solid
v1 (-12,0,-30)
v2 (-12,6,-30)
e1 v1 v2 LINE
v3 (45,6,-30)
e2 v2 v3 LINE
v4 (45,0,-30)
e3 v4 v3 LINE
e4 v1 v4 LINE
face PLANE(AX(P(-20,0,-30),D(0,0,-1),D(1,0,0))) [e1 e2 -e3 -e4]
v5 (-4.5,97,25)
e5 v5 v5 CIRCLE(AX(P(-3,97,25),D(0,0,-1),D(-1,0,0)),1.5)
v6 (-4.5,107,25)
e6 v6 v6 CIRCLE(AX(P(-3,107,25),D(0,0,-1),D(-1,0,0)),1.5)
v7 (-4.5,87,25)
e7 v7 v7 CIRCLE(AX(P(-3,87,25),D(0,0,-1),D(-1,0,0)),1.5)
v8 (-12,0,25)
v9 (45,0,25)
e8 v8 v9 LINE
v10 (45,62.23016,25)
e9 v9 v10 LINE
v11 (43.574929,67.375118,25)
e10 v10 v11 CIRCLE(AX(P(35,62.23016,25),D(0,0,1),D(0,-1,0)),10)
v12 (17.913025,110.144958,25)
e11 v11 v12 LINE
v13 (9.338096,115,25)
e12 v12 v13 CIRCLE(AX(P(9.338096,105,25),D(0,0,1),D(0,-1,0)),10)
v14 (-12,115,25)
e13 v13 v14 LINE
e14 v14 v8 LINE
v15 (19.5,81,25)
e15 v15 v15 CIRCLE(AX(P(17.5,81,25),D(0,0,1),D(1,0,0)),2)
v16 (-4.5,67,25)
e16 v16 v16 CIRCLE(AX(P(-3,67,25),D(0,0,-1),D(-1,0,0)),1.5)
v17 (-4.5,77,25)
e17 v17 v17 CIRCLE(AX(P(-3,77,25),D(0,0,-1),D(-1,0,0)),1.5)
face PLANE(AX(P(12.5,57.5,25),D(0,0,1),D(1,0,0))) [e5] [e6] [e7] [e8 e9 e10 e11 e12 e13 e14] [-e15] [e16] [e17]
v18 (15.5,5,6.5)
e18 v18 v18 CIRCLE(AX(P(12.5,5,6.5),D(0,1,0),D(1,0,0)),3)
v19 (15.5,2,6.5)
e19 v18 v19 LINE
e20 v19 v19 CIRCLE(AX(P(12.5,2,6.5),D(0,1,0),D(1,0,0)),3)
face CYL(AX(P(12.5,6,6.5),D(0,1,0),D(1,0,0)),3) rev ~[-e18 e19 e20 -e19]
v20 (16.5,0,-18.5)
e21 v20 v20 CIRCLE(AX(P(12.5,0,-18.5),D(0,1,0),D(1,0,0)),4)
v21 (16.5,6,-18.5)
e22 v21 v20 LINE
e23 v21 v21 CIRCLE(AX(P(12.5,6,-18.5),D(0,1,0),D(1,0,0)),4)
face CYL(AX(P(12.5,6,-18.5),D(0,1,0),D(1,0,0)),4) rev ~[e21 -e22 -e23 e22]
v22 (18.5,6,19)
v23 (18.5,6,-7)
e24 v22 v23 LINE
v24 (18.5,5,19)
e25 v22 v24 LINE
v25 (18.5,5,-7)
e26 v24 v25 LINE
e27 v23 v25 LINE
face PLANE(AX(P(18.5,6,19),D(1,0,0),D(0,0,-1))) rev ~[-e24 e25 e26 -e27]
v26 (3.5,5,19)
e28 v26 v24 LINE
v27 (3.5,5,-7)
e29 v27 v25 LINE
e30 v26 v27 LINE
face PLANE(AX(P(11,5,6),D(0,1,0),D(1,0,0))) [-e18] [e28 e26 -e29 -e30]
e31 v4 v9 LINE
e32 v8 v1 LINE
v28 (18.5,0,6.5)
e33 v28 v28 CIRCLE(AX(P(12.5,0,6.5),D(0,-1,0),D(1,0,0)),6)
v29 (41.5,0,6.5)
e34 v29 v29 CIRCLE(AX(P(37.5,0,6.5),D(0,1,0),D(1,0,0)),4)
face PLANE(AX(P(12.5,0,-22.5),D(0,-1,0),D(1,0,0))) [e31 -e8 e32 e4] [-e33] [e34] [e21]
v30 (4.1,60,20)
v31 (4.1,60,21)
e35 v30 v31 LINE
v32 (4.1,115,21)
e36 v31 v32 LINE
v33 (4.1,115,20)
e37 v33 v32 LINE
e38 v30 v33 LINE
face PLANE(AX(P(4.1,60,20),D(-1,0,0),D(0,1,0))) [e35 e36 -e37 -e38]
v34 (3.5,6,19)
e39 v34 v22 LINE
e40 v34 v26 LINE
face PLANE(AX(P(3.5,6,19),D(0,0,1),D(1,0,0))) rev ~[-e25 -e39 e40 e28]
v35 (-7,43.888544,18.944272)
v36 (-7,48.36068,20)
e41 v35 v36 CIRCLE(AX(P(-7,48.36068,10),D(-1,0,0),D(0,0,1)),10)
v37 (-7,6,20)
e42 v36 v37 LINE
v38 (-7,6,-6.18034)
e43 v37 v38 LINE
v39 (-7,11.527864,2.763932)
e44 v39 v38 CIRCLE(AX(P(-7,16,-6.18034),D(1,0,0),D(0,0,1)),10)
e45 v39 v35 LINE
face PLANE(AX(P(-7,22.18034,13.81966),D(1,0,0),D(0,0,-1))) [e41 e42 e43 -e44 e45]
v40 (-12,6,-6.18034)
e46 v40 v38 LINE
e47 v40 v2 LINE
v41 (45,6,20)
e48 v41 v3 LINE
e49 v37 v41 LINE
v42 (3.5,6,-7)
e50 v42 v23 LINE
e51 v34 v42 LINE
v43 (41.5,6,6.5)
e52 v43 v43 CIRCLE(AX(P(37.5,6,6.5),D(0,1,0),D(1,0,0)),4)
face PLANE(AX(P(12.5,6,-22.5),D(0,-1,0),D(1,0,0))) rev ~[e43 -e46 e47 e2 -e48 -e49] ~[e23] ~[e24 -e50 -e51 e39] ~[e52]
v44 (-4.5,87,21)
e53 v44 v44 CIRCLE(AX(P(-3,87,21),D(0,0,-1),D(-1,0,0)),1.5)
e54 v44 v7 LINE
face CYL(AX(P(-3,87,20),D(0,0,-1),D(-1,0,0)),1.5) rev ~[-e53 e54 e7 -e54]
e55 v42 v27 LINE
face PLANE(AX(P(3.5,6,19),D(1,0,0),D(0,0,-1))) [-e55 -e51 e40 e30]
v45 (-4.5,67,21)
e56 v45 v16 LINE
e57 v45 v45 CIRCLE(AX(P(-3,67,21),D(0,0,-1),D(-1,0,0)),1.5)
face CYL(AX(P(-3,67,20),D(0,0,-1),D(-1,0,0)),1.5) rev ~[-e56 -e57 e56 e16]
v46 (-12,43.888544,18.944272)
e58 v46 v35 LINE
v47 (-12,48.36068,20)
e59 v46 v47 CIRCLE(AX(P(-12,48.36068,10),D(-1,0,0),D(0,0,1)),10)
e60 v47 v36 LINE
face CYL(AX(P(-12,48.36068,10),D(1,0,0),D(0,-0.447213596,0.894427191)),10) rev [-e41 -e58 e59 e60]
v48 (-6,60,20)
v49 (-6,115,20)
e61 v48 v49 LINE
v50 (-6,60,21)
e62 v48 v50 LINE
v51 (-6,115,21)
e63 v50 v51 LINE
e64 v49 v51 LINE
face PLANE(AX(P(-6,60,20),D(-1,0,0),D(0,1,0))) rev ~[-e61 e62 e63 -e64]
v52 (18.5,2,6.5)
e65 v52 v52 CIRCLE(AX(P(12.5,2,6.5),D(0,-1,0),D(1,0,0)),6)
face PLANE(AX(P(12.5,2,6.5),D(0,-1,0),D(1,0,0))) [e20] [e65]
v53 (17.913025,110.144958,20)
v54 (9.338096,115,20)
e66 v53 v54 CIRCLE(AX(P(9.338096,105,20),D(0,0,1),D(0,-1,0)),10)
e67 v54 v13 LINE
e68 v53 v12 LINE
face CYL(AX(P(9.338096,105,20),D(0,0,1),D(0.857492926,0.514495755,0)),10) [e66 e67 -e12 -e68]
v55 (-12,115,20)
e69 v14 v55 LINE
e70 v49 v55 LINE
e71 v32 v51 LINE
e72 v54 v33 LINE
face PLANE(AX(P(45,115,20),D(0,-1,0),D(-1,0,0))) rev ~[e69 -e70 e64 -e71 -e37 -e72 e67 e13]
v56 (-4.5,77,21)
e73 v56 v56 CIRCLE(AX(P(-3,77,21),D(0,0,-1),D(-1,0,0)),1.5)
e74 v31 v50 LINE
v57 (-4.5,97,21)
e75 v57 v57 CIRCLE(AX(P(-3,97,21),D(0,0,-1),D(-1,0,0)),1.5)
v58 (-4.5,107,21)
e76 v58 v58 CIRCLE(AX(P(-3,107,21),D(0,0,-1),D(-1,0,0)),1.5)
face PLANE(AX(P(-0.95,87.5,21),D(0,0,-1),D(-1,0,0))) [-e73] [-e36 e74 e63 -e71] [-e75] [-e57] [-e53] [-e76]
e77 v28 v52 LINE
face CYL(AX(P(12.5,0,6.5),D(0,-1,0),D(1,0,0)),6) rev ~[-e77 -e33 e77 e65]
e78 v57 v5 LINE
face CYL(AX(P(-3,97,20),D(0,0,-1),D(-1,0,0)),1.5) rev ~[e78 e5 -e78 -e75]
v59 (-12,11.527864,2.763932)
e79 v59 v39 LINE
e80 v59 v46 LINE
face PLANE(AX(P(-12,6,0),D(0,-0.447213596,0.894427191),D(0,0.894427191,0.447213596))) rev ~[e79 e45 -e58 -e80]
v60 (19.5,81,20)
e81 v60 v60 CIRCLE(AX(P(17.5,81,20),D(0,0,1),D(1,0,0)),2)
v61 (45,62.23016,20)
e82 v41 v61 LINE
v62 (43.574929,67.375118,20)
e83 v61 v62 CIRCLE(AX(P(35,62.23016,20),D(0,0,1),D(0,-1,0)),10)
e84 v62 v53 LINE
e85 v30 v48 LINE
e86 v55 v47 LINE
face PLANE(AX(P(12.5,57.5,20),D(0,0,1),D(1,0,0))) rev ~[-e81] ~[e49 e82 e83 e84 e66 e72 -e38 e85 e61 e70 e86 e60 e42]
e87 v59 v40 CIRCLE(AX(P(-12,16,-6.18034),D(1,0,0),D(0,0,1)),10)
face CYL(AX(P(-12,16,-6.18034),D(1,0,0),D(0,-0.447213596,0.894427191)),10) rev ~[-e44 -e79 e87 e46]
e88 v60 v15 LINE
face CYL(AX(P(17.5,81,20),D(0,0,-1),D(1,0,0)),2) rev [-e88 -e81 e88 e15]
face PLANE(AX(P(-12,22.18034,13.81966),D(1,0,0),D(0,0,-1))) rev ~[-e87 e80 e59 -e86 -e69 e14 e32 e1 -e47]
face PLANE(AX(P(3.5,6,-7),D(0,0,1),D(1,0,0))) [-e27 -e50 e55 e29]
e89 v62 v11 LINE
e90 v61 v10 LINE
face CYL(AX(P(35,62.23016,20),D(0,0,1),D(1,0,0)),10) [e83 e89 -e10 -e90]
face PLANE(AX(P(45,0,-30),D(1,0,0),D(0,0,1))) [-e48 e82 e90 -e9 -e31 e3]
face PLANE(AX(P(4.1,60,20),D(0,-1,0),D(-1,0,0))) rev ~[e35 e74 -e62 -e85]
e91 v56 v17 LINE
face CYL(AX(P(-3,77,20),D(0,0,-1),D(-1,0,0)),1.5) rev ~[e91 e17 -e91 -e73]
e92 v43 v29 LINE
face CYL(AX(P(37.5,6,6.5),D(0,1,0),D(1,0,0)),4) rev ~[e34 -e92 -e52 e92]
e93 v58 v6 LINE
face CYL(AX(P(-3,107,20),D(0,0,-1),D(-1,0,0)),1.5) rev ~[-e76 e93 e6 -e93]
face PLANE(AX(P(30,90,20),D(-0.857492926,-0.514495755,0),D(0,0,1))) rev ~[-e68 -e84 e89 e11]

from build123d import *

# Parameters (mm, degrees)
SKETCH_1_W                 = 40
SKETCH_1_H                 = 10
SKETCH_1_H_2               = 15
EXTRUDE_1_DEPTH            = 6
SKETCH_3_R                 = 3
SKETCH_3_R_2               = 4
CUT_EXTRUDE_1_DEPTH        = 7
SKETCH_4_W                 = 15
SKETCH_4_H                 = 26
CUT_EXTRUDE_2_DEPTH        = 1
SKETCH_6_R                 = 2
EXTRUDE_2_DEPTH            = 5
SKETCH_7_R                 = 1.5
CUT_EXTRUDE_4_DEPTH        = 6
SKETCH_9_R                 = 6
CUT_EXTRUDE_6_DEPTH        = 2
SKETCH_10_W                = 65
SKETCH_10_H                = 15
EXTRUDE_3_DEPTH            = 6
SKETCH_11_R                = 4
CUT_EXTRUDE_7_DEPTH        = 6
SKETCH_12_W                = 94.112521104
SKETCH_12_H                = 159.87509758
CUT_EXTRUDE_8_DEPTH        = 8
CHAMFER_1_SIZE             = 50
CHAMFER_1_SIZE2            = 30
FILLET_1_R                 = 10
EXTRUDE_4_DEPTH            = 5
FILLET_2_R                 = 10
SKETCH_14_W                = 10.1
SKETCH_14_H                = 55
SKETCH_14_R                = 1.5
CUT_EXTRUDE_9_DEPTH        = 1
PATTERN_LINEAR_1_COUNT     = 3
PATTERN_LINEAR_1_PITCH     = 10
PATTERN_LINEAR_1_COL_COUNT = 3
PATTERN_LINEAR_1_COL_PITCH = 10


with BuildPart() as part:
    # 草图1 → 凸台-拉伸1 (new body)
    with BuildSketch(Plane(origin=(0, 0, 0), x_dir=(1, 0, 0), z_dir=(0, 1, 0))):
        with Locations((20, -5)):
            Rectangle(SKETCH_1_W, SKETCH_1_H)
        with Locations((20, 7.5)):
            Rectangle(SKETCH_1_W, SKETCH_1_H_2)
        with Locations((20, -15)):
            Rectangle(SKETCH_1_W, SKETCH_1_H)
        Polygon((-20, 15), (-20, -20), (0, -20), (0, -10), (0, 0), (0, 15), align=None)
        Polygon((45, -20), (40, -20), (40, -10), (40, 0), (40, 15), (45, 15), align=None)
    extrude(amount=EXTRUDE_1_DEPTH)

    # 草图3 → 切除-拉伸1 (cut, through all)
    with BuildSketch(Plane(origin=(0, 6, 0), x_dir=(1, 0, 0), z_dir=(0, 1, 0))):
        with Locations((12.5, -6.5)):
            Circle(SKETCH_3_R)
        with Locations((37.5, -6.5)):
            Circle(SKETCH_3_R_2)
    extrude(amount=-CUT_EXTRUDE_1_DEPTH, mode=Mode.SUBTRACT)

    # 草图4 → 切除-拉伸2 (cut)
    with BuildSketch(Plane(origin=(0, 6, 0), x_dir=(1, 0, 0), z_dir=(0, 1, 0))):
        with Locations((11, -6)):
            Rectangle(SKETCH_4_W, SKETCH_4_H)
    extrude(amount=-CUT_EXTRUDE_2_DEPTH, mode=Mode.SUBTRACT)

    # 草图6 → 凸台-拉伸2 (add)
    with BuildSketch(Plane.XY.offset(20)):
        Polygon((-20, 0), (12.5, 0), (45, 0), (45, 115), (-20, 115), align=None)
        with Locations((17.5, 81)):
            Circle(SKETCH_6_R, mode=Mode.SUBTRACT)
    extrude(amount=EXTRUDE_2_DEPTH)

    # 草图7 → 切除-拉伸4 (cut, through all)
    with BuildSketch(Plane(origin=(0, 0, 20), x_dir=(-1, 0, 0), z_dir=(0, 0, -1))):
        with Locations((3, 87)):
            Circle(SKETCH_7_R)
    cut_extrude_4 = extrude(amount=-CUT_EXTRUDE_4_DEPTH, mode=Mode.SUBTRACT)

    # 草图9 → 切除-拉伸6 (cut)
    with BuildSketch(Plane.XZ):
        with Locations((12.5, 6.5)):
            Circle(SKETCH_9_R)
    extrude(amount=-CUT_EXTRUDE_6_DEPTH, mode=Mode.SUBTRACT)

    # 草图10 → 凸台-拉伸3 (add)
    with BuildSketch(Plane.XZ):
        with Locations((12.5, -22.5)):
            Rectangle(SKETCH_10_W, SKETCH_10_H)
    extrude(amount=-EXTRUDE_3_DEPTH)

    # 草图11 → 切除-拉伸7 (cut)
    with BuildSketch(Plane(origin=(0, 6, 0), x_dir=(1, 0, 0), z_dir=(0, 1, 0))):
        with Locations((12.5, 18.5)):
            Circle(SKETCH_11_R)
    extrude(amount=-CUT_EXTRUDE_7_DEPTH, mode=Mode.SUBTRACT)

    # 草图12 → 切除-拉伸8 (cut)
    with BuildSketch(Plane.ZY.offset(20)):
        with Locations((-11.795063813, 76.080369624)):
            Rectangle(SKETCH_12_W, SKETCH_12_H)
    extrude(amount=-CUT_EXTRUDE_8_DEPTH, mode=Mode.SUBTRACT)

    # 倒角1
    chamfer_1_edges = [part.edges().sort_by_distance(p)[0] for p in [
        (45, 115, 22.5),
    ]]
    chamfer_1_side = [part.faces().sort_by_distance(p)[0] for p in [
        (45, 60.5, 21.274754878),
    ]]
    chamfer(chamfer_1_edges, length=CHAMFER_1_SIZE, length2=CHAMFER_1_SIZE2, reference=chamfer_1_side[0])

    # 圆角1
    fillet_1_edges = [part.edges().sort_by_distance(p)[0] for p in [
        (15, 115, 22.5),
        (45, 65, 22.5),
    ]]
    fillet(fillet_1_edges, radius=FILLET_1_R)

    # 草图13 → 凸台-拉伸4 (add)
    with BuildSketch(Plane.ZY.offset(12)):
        Polygon((20, 6), (0, 6), (20, 46), align=None)
    extrude(amount=-EXTRUDE_4_DEPTH)

    # 圆角2
    fillet_2_edges = [part.edges().sort_by_distance(p)[0] for p in [
        (-9.5, 46, 20),
        (-9.5, 6, 0),
    ]]
    fillet(fillet_2_edges, radius=FILLET_2_R)

    # 草图14 → 切除-拉伸9 (cut)
    with BuildSketch(Plane(origin=(0, 0, 20), x_dir=(-1, 0, 0), z_dir=(0, 0, -1))):
        with Locations((0.95, 87.5)):
            Rectangle(SKETCH_14_W, SKETCH_14_H)
        with Locations((3, 87)):
            Circle(SKETCH_14_R, mode=Mode.SUBTRACT)
    extrude(amount=-CUT_EXTRUDE_9_DEPTH, mode=Mode.SUBTRACT)

    # 阵列(线性)1: 切除-拉伸4 ×3
    with Locations(*[(0, -i * PATTERN_LINEAR_1_PITCH, 0) for i in range(1, PATTERN_LINEAR_1_COUNT)]):
        add(cut_extrude_4, mode=Mode.SUBTRACT)

    # 阵列(线性)1 col: 切除-拉伸4 ×3
    with Locations(*[(0, i * PATTERN_LINEAR_1_COL_PITCH, 0) for i in range(1, PATTERN_LINEAR_1_COL_COUNT)]):
        add(cut_extrude_4, mode=Mode.SUBTRACT)


solid = part.part
